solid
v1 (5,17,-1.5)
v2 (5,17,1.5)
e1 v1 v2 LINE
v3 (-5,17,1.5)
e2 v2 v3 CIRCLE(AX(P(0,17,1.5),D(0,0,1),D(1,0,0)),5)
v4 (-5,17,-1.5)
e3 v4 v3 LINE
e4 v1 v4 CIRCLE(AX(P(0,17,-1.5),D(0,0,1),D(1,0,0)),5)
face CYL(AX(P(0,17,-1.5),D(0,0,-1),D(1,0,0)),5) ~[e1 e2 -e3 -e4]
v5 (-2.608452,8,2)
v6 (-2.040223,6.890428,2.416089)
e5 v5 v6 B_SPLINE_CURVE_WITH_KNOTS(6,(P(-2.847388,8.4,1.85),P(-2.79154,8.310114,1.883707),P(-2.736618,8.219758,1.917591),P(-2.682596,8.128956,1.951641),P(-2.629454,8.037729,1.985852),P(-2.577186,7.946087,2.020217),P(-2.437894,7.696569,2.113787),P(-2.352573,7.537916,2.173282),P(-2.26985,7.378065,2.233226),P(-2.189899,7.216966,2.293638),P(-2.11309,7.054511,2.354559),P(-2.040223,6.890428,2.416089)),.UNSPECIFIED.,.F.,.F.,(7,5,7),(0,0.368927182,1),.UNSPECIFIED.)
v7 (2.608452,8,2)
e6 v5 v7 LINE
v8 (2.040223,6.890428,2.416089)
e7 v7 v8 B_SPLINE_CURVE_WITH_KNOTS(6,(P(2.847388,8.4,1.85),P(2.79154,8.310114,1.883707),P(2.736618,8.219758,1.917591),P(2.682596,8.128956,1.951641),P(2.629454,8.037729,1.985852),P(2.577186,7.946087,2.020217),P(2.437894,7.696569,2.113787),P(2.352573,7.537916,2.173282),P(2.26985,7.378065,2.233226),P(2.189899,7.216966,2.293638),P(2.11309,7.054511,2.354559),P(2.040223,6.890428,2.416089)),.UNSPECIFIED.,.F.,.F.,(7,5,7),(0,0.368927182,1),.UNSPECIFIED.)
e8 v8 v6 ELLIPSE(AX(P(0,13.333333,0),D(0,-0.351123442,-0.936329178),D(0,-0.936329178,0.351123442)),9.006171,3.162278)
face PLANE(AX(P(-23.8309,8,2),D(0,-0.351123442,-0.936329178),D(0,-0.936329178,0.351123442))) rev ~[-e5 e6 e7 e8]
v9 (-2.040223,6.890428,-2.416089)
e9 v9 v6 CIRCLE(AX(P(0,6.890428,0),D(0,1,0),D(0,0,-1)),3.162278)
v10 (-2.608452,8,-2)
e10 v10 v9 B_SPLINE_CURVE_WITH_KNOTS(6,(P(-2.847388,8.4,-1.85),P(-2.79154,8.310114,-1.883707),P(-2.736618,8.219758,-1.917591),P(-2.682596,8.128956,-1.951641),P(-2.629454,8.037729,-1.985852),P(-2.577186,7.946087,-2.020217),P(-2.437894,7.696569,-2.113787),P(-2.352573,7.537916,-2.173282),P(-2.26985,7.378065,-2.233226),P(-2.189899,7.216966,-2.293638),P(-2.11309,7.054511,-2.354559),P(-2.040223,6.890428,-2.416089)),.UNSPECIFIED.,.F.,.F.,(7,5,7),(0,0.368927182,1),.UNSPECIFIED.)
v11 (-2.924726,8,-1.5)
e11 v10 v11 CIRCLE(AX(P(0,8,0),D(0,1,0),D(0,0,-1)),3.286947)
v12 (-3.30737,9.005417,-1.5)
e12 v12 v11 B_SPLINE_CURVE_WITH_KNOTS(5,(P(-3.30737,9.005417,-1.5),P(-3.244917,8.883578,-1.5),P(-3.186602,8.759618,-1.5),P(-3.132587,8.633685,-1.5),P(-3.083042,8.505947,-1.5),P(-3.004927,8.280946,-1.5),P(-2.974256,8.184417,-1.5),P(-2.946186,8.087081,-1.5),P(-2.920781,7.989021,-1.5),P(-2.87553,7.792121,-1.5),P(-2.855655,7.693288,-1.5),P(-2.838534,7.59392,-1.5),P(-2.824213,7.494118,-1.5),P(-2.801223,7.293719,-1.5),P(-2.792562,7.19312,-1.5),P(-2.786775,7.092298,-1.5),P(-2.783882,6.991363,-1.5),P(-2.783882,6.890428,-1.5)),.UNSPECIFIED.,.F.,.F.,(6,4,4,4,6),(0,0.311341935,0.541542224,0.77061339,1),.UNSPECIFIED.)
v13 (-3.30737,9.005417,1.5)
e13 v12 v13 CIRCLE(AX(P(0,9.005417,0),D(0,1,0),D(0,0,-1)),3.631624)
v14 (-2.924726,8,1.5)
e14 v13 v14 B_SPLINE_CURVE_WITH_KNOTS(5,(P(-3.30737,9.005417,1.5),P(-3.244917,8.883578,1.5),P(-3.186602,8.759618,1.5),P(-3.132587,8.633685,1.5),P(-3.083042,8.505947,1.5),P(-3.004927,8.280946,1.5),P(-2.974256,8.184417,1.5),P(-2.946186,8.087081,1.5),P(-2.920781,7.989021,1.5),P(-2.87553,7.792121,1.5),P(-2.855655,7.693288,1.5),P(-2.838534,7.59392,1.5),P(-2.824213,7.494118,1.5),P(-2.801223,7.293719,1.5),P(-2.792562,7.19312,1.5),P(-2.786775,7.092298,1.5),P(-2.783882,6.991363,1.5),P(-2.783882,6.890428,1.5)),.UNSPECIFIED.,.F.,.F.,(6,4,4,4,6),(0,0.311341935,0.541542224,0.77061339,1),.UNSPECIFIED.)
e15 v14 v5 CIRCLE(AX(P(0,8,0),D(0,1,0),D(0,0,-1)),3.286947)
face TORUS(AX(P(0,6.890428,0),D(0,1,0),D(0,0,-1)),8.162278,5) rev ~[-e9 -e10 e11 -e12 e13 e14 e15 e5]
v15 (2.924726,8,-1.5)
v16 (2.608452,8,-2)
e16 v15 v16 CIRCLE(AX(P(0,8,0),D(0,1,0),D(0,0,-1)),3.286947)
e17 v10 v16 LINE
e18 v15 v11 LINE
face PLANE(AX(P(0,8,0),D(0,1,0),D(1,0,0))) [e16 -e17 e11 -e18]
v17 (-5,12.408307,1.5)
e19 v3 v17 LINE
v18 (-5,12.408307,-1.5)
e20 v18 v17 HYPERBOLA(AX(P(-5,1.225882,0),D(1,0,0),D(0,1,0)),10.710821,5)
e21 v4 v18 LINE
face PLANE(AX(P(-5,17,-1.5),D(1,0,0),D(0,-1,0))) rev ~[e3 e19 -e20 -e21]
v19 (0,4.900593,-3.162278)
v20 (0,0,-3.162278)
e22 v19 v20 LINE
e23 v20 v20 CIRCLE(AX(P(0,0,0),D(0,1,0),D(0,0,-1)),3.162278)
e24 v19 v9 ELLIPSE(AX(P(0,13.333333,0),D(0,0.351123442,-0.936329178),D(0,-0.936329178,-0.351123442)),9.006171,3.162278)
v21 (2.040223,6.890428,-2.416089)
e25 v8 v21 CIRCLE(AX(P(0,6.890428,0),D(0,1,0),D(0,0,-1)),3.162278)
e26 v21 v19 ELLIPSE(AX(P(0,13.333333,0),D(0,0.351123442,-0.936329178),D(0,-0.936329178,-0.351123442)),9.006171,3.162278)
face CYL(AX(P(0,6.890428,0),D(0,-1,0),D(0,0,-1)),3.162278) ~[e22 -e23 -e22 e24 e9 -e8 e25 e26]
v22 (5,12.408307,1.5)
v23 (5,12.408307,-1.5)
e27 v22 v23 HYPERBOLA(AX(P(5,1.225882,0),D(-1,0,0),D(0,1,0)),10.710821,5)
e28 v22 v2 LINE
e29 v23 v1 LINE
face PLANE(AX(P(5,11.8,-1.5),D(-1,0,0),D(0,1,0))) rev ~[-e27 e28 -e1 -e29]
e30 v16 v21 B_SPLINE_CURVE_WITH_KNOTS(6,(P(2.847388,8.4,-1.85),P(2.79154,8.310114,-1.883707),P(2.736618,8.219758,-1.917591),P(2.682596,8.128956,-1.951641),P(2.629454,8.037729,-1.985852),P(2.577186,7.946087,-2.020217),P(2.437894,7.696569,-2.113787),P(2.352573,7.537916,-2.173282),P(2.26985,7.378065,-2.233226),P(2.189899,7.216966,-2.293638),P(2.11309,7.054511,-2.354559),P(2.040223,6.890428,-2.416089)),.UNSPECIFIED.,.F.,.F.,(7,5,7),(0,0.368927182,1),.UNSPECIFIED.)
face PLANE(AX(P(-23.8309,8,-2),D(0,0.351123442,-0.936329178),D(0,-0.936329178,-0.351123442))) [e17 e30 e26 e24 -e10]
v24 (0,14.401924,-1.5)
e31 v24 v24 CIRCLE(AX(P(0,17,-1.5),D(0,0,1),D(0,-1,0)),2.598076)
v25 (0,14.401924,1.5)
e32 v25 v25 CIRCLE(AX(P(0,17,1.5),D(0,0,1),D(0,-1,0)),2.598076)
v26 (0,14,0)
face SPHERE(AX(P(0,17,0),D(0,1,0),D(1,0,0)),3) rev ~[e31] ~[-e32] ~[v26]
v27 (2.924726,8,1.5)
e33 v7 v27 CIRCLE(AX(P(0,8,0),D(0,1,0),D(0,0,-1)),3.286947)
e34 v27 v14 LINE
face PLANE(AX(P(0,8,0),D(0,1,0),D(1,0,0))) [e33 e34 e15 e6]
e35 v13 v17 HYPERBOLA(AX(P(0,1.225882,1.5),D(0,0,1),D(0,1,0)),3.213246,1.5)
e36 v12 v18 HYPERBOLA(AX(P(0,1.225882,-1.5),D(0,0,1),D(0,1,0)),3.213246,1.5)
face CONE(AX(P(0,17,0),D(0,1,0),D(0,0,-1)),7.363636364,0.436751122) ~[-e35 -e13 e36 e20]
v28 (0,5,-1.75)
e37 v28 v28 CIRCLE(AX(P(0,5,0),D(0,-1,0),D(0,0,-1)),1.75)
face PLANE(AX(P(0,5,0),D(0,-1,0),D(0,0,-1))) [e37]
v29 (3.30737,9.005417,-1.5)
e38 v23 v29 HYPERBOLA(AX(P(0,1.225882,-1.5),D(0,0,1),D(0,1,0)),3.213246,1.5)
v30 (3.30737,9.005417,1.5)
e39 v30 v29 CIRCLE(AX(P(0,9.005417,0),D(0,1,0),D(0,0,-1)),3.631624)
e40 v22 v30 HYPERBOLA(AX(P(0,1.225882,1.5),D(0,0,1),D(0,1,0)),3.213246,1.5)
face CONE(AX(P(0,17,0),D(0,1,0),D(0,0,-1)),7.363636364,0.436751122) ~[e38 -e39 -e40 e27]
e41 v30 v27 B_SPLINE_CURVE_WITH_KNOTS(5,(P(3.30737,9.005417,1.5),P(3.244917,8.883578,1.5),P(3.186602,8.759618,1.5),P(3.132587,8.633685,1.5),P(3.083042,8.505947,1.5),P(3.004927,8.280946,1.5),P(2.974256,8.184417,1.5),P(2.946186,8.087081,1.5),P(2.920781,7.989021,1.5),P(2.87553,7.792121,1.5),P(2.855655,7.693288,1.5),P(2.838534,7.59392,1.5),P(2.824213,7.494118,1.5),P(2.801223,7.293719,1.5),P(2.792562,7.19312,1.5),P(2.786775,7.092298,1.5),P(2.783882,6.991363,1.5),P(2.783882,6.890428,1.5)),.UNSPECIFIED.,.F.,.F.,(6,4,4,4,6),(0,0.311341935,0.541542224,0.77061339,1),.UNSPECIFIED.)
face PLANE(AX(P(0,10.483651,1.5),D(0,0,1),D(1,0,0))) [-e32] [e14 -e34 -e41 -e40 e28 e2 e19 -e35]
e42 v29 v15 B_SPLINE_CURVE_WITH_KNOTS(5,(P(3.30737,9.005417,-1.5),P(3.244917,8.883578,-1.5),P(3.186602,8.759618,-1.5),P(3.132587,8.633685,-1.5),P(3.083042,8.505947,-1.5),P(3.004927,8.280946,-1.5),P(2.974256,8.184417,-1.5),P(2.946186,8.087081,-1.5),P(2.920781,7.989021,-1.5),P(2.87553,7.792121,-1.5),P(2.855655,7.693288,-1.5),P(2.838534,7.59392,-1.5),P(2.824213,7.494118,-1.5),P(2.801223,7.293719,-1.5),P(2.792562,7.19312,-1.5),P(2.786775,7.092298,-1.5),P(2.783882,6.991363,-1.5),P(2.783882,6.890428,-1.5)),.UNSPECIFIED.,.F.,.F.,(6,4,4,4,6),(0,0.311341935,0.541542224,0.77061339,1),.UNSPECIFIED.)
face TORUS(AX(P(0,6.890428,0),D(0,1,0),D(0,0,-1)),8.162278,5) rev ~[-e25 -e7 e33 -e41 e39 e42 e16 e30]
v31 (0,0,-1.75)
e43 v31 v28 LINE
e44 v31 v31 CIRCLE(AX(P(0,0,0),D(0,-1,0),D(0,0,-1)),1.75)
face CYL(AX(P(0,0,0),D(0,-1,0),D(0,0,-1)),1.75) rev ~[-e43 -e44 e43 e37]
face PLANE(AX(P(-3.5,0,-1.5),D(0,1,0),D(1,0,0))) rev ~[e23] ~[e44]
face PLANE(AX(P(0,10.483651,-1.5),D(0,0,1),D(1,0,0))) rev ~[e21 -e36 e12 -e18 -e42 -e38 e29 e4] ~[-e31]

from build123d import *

# Parameters (mm, degrees)
BOSS_EXTRUDE1_DEPTH      = 1.5
BOSS_EXTRUDE1_DEPTH_BACK = 1.5
SKETCH3_R                = 3.5
BOSS_EXTRUDE2_DEPTH      = 8
CUT_EXTRUDE2_DEPTH       = 23.830900114
CUT_EXTRUDE2_DEPTH_BACK  = 23.830900114
SKETCH8_R                = 1.75
CUT_EXTRUDE3_DEPTH       = 5


with BuildPart() as part:
    # Sketch1 → Boss-Extrude1 (new, two sides: drawn at the far end of the back side and taken through both)
    with BuildSketch(Plane.XY.offset(-BOSS_EXTRUDE1_DEPTH_BACK)):
        with BuildLine():
            Line((-3.5, 8.5), (-3.5, 0))
            Line((-3.5, 0), (3.5, 0))
            Line((3.5, 0), (3.5, 8.5))
            Line((3.5, 8.5), (5, 11.8))
            Line((5, 11.8), (5, 17))
            ThreePointArc((5, 17), (0, 22), (-5, 17))
            Line((-5, 17), (-5, 11.8))
            Line((-5, 11.8), (-3.5, 8.5))
        make_face()
    extrude(amount=BOSS_EXTRUDE1_DEPTH + BOSS_EXTRUDE1_DEPTH_BACK)

    # Sketch3 → Boss-Extrude2 (add)
    with BuildSketch(Plane(origin=(0, 0, 0), x_dir=(1, 0, 0), z_dir=(0, 1, 0))):
        Circle(SKETCH3_R)
    extrude(amount=BOSS_EXTRUDE2_DEPTH)

    # Sketch5 → Cut-Extrude2 (cut, two sides: drawn at the far end of the back side and taken through both)
    with BuildSketch(Plane(origin=(0, 0, 0), x_dir=(0, 0, -1), z_dir=(1, 0, 0)).offset(-CUT_EXTRUDE2_DEPTH_BACK)):
        Polygon((2, 8), (3.5, 4), (3.5, 8), align=None)
        Polygon((-3.5, 8), (-2, 8), (-3.5, 4), align=None)
    extrude(amount=CUT_EXTRUDE2_DEPTH + CUT_EXTRUDE2_DEPTH_BACK, mode=Mode.SUBTRACT)

    # Sketch6 → Cut-Revolve1 (revolve, cut)
    with BuildSketch(Plane.XY):
        with BuildLine():
            Line((7.363636364, 17), (3.631624104, 9.005417126))
            ThreePointArc((3.631624104, 9.005417126), (3.281024349, 7.973648404), (3.16227766, 6.890428154))
            Line((3.16227766, 6.890428154), (3.16227766, 0))
            Line((3.16227766, 0), (7.363636364, 0))
            Line((7.363636364, 0), (7.363636364, 17))
        make_face()
    revolve(axis=Axis((0, 0, 0), (0, 1, 0)), mode=Mode.SUBTRACT)

    # Sketch7 → Cut-Revolve2 (revolve, cut)
    with BuildSketch(Plane.XY):
        with BuildLine():
            Line((0, 20), (0, 14))
            ThreePointArc((0, 14), (3, 17), (0, 20))
        make_face()
    revolve(axis=Axis((0, 0, 0), (0, 1, 0)), mode=Mode.SUBTRACT)

    # Sketch8 → Cut-Extrude3 (cut)
    with BuildSketch(Plane.XZ):
        Circle(SKETCH8_R)
    extrude(amount=-CUT_EXTRUDE3_DEPTH, mode=Mode.SUBTRACT)


solid = part.part
